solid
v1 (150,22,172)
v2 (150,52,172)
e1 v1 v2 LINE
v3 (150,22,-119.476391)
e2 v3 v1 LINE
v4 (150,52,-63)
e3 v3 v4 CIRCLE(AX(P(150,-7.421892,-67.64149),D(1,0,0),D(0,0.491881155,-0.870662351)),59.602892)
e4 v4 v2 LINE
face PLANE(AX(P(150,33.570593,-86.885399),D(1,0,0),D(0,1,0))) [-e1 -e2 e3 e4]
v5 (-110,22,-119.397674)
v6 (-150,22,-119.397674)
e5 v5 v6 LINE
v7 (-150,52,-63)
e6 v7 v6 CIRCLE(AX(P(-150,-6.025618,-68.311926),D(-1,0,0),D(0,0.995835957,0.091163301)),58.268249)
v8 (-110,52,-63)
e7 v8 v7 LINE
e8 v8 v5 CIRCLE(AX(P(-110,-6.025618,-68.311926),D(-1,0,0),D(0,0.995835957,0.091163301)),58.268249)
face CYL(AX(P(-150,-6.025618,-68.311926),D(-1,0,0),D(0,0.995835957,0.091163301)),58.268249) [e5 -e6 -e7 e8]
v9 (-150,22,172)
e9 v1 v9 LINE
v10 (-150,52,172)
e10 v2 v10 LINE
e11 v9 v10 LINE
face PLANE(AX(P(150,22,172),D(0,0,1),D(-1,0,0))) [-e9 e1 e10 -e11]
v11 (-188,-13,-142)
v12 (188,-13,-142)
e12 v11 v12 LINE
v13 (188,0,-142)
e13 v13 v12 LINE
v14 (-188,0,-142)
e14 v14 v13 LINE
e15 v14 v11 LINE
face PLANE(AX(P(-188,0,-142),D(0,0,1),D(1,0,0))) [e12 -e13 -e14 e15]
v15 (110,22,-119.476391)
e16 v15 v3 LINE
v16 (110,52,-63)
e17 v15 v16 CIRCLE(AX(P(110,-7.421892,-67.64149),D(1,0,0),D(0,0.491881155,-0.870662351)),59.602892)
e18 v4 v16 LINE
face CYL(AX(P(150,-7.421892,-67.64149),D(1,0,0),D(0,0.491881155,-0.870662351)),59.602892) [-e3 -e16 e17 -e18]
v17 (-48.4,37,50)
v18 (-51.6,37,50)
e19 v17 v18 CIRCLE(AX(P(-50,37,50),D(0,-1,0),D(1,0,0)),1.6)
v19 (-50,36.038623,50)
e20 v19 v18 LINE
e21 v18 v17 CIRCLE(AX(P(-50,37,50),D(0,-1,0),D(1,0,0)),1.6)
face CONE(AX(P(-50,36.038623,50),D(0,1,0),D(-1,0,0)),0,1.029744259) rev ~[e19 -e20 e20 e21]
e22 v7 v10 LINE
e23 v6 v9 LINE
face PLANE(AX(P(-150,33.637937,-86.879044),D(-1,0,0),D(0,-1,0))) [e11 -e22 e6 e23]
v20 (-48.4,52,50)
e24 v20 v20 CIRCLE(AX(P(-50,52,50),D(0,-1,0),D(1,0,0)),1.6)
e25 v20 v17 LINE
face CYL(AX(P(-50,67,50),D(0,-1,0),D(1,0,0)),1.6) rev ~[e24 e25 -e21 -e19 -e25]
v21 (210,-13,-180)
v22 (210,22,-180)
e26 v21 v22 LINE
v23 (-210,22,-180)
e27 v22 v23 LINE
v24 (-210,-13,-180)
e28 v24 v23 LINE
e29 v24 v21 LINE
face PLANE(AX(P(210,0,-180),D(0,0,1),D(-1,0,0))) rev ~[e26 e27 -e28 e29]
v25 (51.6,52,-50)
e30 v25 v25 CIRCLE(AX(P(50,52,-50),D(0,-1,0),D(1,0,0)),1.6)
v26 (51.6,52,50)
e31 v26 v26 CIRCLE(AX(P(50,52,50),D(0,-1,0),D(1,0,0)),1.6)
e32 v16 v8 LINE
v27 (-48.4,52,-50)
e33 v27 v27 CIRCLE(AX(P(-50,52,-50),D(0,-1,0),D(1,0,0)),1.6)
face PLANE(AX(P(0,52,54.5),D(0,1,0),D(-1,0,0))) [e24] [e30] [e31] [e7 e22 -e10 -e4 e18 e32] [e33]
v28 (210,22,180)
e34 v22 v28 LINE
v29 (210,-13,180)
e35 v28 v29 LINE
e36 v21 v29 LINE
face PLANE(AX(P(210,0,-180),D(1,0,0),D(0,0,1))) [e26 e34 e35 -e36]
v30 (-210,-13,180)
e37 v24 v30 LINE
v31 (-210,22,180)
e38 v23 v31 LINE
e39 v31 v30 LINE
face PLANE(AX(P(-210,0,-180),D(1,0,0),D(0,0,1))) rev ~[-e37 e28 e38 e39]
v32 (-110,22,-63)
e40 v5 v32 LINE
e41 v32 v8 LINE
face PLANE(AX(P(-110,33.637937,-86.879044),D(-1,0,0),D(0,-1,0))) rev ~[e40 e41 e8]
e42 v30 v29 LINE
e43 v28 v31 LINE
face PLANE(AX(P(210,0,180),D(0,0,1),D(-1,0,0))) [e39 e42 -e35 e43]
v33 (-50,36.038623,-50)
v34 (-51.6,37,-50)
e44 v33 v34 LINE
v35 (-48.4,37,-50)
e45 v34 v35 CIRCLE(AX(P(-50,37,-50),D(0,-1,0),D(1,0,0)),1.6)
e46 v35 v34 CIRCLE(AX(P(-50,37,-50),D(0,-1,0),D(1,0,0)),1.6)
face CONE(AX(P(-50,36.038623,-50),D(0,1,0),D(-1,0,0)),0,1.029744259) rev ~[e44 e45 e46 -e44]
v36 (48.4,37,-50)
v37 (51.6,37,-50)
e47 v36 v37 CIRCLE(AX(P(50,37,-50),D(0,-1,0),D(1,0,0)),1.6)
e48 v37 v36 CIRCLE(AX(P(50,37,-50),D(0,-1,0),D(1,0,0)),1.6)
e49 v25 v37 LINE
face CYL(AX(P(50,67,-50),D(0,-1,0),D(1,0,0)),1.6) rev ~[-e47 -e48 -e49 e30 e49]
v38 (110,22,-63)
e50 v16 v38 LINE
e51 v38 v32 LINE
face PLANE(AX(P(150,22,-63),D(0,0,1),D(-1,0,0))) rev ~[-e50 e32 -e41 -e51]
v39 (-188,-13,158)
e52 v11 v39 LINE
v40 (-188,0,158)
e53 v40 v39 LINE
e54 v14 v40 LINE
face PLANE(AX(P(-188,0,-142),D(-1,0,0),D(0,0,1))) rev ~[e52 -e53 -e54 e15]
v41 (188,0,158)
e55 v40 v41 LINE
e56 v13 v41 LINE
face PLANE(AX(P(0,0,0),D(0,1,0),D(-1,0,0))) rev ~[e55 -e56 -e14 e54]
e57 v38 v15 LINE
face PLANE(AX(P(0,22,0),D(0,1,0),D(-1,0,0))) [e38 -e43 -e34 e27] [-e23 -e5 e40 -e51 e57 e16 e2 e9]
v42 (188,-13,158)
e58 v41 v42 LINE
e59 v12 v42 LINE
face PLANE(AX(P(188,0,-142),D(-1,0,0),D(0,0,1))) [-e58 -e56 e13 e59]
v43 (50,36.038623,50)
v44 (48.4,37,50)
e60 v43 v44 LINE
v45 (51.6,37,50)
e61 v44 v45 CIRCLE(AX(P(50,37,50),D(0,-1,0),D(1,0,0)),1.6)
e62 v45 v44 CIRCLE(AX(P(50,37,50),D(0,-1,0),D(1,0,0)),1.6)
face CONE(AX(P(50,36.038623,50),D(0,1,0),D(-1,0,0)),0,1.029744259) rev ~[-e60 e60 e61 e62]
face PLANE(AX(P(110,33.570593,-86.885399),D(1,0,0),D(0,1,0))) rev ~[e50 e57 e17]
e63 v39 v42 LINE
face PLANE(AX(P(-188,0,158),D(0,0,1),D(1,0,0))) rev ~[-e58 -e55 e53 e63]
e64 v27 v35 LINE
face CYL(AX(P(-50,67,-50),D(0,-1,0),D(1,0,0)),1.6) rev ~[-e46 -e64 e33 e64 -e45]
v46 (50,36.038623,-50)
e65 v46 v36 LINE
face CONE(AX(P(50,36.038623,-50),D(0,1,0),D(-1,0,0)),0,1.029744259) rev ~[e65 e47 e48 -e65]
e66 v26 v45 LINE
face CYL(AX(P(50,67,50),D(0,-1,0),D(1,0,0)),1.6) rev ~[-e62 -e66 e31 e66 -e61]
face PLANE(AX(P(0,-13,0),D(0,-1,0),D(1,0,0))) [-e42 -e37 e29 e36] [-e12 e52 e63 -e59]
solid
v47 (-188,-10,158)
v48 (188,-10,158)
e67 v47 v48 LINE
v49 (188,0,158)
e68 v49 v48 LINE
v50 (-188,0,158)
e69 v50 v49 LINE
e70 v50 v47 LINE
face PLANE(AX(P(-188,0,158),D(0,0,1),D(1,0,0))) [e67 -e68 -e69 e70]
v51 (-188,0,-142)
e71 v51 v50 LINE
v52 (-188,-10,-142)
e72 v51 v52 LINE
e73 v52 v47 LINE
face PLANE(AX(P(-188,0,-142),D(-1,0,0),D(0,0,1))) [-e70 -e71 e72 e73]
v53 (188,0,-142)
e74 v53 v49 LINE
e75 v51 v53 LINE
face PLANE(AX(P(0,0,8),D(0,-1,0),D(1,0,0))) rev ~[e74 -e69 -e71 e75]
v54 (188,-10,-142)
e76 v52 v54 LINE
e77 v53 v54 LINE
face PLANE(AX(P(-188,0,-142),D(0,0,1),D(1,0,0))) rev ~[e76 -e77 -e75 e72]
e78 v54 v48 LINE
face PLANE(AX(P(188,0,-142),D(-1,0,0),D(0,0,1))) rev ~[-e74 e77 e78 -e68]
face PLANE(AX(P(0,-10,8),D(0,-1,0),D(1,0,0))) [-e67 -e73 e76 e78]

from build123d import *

# Parameters (mm, degrees)
F0_W      = 420
F0_H      = 360
F0_W_2    = 376
F0_H_2    = 300
F1_DEPTH  = 13
F2_W      = 420
F2_H      = 360
F3_DEPTH  = 22
F4_W      = 376
F4_H      = 300
F5_DEPTH  = 10
F6_W      = 300
F6_H      = 235
F7_DEPTH  = 30
F9_DEPTH  = 40
F11_DEPTH = 40
F13_D     = 3.2
F13_DEPTH = 15
F13_TIP   = 0.9613769904


with BuildPart() as f1:
    # F0 (on Front) → F1 (new body)
    with BuildSketch(Plane.XZ):
        Rectangle(F0_W, F0_H)
        with Locations((0, 8)):
            Rectangle(F0_W_2, F0_H_2, mode=Mode.SUBTRACT)
    extrude(amount=F1_DEPTH)

    # F2 (on face) → F3 (join)
    with BuildSketch(Plane(origin=(0, 0, 0), x_dir=(-1, 0, 0), z_dir=(0, 1, 0))):
        Rectangle(F2_W, F2_H)
    extrude(amount=F3_DEPTH)

    # F6 (on face) → F7 (join)
    with BuildSketch(Plane(origin=(0, 22, 0), x_dir=(-1, 0, 0), z_dir=(0, 1, 0))):
        with Locations((0, 54.5)):
            Rectangle(F6_W, F6_H)
    extrude(amount=F7_DEPTH)

    # F8 (on face) → F9 (join)
    with BuildSketch(Plane.YZ.offset(150)):
        with BuildLine():
            Line((22, -63), (21.895647049, -119.5354834199))
            ThreePointArc((21.895647049, -119.5354834199), (45.1873930634, -95.6551970665), (52, -63))
            Line((52, -63), (22, -63))
        make_face()
    extrude(amount=-F9_DEPTH)

    # F10 (on face) → F11 (join)
    with BuildSketch(Plane(origin=(-150, 0, 0), x_dir=(0, -1, 0), z_dir=(-1, 0, 0))):
        with BuildLine():
            Line((-22, -63), (-52, -63))
            ThreePointArc((-52, -63), (-45.3931806107, -95.721706093), (-21.9098161906, -119.4470450282))
            Line((-21.9098161906, -119.4470450282), (-22, -63))
        make_face()
    extrude(amount=-F11_DEPTH)

    # F13
    with Locations(Plane(origin=(0, 52, 0), x_dir=(-1, 0, 0), z_dir=(0, 1, 0))):
        with Locations((-50, 50), (50, 50), (50, -50), (-50, -50)):
            Hole(F13_D / 2, depth=F13_DEPTH)
            with Locations((0, 0, -(F13_DEPTH + F13_TIP / 2))):  # 118° drill point
                Cone(0, F13_D / 2, F13_TIP, mode=Mode.SUBTRACT)


with BuildPart() as f5:
    # F4 (on face) → F5 (new body)
    with BuildSketch(Plane.XZ):
        with Locations((0, 8)):
            Rectangle(F4_W, F4_H)
    extrude(amount=F5_DEPTH)


solid = Compound([f1.part, f5.part])
